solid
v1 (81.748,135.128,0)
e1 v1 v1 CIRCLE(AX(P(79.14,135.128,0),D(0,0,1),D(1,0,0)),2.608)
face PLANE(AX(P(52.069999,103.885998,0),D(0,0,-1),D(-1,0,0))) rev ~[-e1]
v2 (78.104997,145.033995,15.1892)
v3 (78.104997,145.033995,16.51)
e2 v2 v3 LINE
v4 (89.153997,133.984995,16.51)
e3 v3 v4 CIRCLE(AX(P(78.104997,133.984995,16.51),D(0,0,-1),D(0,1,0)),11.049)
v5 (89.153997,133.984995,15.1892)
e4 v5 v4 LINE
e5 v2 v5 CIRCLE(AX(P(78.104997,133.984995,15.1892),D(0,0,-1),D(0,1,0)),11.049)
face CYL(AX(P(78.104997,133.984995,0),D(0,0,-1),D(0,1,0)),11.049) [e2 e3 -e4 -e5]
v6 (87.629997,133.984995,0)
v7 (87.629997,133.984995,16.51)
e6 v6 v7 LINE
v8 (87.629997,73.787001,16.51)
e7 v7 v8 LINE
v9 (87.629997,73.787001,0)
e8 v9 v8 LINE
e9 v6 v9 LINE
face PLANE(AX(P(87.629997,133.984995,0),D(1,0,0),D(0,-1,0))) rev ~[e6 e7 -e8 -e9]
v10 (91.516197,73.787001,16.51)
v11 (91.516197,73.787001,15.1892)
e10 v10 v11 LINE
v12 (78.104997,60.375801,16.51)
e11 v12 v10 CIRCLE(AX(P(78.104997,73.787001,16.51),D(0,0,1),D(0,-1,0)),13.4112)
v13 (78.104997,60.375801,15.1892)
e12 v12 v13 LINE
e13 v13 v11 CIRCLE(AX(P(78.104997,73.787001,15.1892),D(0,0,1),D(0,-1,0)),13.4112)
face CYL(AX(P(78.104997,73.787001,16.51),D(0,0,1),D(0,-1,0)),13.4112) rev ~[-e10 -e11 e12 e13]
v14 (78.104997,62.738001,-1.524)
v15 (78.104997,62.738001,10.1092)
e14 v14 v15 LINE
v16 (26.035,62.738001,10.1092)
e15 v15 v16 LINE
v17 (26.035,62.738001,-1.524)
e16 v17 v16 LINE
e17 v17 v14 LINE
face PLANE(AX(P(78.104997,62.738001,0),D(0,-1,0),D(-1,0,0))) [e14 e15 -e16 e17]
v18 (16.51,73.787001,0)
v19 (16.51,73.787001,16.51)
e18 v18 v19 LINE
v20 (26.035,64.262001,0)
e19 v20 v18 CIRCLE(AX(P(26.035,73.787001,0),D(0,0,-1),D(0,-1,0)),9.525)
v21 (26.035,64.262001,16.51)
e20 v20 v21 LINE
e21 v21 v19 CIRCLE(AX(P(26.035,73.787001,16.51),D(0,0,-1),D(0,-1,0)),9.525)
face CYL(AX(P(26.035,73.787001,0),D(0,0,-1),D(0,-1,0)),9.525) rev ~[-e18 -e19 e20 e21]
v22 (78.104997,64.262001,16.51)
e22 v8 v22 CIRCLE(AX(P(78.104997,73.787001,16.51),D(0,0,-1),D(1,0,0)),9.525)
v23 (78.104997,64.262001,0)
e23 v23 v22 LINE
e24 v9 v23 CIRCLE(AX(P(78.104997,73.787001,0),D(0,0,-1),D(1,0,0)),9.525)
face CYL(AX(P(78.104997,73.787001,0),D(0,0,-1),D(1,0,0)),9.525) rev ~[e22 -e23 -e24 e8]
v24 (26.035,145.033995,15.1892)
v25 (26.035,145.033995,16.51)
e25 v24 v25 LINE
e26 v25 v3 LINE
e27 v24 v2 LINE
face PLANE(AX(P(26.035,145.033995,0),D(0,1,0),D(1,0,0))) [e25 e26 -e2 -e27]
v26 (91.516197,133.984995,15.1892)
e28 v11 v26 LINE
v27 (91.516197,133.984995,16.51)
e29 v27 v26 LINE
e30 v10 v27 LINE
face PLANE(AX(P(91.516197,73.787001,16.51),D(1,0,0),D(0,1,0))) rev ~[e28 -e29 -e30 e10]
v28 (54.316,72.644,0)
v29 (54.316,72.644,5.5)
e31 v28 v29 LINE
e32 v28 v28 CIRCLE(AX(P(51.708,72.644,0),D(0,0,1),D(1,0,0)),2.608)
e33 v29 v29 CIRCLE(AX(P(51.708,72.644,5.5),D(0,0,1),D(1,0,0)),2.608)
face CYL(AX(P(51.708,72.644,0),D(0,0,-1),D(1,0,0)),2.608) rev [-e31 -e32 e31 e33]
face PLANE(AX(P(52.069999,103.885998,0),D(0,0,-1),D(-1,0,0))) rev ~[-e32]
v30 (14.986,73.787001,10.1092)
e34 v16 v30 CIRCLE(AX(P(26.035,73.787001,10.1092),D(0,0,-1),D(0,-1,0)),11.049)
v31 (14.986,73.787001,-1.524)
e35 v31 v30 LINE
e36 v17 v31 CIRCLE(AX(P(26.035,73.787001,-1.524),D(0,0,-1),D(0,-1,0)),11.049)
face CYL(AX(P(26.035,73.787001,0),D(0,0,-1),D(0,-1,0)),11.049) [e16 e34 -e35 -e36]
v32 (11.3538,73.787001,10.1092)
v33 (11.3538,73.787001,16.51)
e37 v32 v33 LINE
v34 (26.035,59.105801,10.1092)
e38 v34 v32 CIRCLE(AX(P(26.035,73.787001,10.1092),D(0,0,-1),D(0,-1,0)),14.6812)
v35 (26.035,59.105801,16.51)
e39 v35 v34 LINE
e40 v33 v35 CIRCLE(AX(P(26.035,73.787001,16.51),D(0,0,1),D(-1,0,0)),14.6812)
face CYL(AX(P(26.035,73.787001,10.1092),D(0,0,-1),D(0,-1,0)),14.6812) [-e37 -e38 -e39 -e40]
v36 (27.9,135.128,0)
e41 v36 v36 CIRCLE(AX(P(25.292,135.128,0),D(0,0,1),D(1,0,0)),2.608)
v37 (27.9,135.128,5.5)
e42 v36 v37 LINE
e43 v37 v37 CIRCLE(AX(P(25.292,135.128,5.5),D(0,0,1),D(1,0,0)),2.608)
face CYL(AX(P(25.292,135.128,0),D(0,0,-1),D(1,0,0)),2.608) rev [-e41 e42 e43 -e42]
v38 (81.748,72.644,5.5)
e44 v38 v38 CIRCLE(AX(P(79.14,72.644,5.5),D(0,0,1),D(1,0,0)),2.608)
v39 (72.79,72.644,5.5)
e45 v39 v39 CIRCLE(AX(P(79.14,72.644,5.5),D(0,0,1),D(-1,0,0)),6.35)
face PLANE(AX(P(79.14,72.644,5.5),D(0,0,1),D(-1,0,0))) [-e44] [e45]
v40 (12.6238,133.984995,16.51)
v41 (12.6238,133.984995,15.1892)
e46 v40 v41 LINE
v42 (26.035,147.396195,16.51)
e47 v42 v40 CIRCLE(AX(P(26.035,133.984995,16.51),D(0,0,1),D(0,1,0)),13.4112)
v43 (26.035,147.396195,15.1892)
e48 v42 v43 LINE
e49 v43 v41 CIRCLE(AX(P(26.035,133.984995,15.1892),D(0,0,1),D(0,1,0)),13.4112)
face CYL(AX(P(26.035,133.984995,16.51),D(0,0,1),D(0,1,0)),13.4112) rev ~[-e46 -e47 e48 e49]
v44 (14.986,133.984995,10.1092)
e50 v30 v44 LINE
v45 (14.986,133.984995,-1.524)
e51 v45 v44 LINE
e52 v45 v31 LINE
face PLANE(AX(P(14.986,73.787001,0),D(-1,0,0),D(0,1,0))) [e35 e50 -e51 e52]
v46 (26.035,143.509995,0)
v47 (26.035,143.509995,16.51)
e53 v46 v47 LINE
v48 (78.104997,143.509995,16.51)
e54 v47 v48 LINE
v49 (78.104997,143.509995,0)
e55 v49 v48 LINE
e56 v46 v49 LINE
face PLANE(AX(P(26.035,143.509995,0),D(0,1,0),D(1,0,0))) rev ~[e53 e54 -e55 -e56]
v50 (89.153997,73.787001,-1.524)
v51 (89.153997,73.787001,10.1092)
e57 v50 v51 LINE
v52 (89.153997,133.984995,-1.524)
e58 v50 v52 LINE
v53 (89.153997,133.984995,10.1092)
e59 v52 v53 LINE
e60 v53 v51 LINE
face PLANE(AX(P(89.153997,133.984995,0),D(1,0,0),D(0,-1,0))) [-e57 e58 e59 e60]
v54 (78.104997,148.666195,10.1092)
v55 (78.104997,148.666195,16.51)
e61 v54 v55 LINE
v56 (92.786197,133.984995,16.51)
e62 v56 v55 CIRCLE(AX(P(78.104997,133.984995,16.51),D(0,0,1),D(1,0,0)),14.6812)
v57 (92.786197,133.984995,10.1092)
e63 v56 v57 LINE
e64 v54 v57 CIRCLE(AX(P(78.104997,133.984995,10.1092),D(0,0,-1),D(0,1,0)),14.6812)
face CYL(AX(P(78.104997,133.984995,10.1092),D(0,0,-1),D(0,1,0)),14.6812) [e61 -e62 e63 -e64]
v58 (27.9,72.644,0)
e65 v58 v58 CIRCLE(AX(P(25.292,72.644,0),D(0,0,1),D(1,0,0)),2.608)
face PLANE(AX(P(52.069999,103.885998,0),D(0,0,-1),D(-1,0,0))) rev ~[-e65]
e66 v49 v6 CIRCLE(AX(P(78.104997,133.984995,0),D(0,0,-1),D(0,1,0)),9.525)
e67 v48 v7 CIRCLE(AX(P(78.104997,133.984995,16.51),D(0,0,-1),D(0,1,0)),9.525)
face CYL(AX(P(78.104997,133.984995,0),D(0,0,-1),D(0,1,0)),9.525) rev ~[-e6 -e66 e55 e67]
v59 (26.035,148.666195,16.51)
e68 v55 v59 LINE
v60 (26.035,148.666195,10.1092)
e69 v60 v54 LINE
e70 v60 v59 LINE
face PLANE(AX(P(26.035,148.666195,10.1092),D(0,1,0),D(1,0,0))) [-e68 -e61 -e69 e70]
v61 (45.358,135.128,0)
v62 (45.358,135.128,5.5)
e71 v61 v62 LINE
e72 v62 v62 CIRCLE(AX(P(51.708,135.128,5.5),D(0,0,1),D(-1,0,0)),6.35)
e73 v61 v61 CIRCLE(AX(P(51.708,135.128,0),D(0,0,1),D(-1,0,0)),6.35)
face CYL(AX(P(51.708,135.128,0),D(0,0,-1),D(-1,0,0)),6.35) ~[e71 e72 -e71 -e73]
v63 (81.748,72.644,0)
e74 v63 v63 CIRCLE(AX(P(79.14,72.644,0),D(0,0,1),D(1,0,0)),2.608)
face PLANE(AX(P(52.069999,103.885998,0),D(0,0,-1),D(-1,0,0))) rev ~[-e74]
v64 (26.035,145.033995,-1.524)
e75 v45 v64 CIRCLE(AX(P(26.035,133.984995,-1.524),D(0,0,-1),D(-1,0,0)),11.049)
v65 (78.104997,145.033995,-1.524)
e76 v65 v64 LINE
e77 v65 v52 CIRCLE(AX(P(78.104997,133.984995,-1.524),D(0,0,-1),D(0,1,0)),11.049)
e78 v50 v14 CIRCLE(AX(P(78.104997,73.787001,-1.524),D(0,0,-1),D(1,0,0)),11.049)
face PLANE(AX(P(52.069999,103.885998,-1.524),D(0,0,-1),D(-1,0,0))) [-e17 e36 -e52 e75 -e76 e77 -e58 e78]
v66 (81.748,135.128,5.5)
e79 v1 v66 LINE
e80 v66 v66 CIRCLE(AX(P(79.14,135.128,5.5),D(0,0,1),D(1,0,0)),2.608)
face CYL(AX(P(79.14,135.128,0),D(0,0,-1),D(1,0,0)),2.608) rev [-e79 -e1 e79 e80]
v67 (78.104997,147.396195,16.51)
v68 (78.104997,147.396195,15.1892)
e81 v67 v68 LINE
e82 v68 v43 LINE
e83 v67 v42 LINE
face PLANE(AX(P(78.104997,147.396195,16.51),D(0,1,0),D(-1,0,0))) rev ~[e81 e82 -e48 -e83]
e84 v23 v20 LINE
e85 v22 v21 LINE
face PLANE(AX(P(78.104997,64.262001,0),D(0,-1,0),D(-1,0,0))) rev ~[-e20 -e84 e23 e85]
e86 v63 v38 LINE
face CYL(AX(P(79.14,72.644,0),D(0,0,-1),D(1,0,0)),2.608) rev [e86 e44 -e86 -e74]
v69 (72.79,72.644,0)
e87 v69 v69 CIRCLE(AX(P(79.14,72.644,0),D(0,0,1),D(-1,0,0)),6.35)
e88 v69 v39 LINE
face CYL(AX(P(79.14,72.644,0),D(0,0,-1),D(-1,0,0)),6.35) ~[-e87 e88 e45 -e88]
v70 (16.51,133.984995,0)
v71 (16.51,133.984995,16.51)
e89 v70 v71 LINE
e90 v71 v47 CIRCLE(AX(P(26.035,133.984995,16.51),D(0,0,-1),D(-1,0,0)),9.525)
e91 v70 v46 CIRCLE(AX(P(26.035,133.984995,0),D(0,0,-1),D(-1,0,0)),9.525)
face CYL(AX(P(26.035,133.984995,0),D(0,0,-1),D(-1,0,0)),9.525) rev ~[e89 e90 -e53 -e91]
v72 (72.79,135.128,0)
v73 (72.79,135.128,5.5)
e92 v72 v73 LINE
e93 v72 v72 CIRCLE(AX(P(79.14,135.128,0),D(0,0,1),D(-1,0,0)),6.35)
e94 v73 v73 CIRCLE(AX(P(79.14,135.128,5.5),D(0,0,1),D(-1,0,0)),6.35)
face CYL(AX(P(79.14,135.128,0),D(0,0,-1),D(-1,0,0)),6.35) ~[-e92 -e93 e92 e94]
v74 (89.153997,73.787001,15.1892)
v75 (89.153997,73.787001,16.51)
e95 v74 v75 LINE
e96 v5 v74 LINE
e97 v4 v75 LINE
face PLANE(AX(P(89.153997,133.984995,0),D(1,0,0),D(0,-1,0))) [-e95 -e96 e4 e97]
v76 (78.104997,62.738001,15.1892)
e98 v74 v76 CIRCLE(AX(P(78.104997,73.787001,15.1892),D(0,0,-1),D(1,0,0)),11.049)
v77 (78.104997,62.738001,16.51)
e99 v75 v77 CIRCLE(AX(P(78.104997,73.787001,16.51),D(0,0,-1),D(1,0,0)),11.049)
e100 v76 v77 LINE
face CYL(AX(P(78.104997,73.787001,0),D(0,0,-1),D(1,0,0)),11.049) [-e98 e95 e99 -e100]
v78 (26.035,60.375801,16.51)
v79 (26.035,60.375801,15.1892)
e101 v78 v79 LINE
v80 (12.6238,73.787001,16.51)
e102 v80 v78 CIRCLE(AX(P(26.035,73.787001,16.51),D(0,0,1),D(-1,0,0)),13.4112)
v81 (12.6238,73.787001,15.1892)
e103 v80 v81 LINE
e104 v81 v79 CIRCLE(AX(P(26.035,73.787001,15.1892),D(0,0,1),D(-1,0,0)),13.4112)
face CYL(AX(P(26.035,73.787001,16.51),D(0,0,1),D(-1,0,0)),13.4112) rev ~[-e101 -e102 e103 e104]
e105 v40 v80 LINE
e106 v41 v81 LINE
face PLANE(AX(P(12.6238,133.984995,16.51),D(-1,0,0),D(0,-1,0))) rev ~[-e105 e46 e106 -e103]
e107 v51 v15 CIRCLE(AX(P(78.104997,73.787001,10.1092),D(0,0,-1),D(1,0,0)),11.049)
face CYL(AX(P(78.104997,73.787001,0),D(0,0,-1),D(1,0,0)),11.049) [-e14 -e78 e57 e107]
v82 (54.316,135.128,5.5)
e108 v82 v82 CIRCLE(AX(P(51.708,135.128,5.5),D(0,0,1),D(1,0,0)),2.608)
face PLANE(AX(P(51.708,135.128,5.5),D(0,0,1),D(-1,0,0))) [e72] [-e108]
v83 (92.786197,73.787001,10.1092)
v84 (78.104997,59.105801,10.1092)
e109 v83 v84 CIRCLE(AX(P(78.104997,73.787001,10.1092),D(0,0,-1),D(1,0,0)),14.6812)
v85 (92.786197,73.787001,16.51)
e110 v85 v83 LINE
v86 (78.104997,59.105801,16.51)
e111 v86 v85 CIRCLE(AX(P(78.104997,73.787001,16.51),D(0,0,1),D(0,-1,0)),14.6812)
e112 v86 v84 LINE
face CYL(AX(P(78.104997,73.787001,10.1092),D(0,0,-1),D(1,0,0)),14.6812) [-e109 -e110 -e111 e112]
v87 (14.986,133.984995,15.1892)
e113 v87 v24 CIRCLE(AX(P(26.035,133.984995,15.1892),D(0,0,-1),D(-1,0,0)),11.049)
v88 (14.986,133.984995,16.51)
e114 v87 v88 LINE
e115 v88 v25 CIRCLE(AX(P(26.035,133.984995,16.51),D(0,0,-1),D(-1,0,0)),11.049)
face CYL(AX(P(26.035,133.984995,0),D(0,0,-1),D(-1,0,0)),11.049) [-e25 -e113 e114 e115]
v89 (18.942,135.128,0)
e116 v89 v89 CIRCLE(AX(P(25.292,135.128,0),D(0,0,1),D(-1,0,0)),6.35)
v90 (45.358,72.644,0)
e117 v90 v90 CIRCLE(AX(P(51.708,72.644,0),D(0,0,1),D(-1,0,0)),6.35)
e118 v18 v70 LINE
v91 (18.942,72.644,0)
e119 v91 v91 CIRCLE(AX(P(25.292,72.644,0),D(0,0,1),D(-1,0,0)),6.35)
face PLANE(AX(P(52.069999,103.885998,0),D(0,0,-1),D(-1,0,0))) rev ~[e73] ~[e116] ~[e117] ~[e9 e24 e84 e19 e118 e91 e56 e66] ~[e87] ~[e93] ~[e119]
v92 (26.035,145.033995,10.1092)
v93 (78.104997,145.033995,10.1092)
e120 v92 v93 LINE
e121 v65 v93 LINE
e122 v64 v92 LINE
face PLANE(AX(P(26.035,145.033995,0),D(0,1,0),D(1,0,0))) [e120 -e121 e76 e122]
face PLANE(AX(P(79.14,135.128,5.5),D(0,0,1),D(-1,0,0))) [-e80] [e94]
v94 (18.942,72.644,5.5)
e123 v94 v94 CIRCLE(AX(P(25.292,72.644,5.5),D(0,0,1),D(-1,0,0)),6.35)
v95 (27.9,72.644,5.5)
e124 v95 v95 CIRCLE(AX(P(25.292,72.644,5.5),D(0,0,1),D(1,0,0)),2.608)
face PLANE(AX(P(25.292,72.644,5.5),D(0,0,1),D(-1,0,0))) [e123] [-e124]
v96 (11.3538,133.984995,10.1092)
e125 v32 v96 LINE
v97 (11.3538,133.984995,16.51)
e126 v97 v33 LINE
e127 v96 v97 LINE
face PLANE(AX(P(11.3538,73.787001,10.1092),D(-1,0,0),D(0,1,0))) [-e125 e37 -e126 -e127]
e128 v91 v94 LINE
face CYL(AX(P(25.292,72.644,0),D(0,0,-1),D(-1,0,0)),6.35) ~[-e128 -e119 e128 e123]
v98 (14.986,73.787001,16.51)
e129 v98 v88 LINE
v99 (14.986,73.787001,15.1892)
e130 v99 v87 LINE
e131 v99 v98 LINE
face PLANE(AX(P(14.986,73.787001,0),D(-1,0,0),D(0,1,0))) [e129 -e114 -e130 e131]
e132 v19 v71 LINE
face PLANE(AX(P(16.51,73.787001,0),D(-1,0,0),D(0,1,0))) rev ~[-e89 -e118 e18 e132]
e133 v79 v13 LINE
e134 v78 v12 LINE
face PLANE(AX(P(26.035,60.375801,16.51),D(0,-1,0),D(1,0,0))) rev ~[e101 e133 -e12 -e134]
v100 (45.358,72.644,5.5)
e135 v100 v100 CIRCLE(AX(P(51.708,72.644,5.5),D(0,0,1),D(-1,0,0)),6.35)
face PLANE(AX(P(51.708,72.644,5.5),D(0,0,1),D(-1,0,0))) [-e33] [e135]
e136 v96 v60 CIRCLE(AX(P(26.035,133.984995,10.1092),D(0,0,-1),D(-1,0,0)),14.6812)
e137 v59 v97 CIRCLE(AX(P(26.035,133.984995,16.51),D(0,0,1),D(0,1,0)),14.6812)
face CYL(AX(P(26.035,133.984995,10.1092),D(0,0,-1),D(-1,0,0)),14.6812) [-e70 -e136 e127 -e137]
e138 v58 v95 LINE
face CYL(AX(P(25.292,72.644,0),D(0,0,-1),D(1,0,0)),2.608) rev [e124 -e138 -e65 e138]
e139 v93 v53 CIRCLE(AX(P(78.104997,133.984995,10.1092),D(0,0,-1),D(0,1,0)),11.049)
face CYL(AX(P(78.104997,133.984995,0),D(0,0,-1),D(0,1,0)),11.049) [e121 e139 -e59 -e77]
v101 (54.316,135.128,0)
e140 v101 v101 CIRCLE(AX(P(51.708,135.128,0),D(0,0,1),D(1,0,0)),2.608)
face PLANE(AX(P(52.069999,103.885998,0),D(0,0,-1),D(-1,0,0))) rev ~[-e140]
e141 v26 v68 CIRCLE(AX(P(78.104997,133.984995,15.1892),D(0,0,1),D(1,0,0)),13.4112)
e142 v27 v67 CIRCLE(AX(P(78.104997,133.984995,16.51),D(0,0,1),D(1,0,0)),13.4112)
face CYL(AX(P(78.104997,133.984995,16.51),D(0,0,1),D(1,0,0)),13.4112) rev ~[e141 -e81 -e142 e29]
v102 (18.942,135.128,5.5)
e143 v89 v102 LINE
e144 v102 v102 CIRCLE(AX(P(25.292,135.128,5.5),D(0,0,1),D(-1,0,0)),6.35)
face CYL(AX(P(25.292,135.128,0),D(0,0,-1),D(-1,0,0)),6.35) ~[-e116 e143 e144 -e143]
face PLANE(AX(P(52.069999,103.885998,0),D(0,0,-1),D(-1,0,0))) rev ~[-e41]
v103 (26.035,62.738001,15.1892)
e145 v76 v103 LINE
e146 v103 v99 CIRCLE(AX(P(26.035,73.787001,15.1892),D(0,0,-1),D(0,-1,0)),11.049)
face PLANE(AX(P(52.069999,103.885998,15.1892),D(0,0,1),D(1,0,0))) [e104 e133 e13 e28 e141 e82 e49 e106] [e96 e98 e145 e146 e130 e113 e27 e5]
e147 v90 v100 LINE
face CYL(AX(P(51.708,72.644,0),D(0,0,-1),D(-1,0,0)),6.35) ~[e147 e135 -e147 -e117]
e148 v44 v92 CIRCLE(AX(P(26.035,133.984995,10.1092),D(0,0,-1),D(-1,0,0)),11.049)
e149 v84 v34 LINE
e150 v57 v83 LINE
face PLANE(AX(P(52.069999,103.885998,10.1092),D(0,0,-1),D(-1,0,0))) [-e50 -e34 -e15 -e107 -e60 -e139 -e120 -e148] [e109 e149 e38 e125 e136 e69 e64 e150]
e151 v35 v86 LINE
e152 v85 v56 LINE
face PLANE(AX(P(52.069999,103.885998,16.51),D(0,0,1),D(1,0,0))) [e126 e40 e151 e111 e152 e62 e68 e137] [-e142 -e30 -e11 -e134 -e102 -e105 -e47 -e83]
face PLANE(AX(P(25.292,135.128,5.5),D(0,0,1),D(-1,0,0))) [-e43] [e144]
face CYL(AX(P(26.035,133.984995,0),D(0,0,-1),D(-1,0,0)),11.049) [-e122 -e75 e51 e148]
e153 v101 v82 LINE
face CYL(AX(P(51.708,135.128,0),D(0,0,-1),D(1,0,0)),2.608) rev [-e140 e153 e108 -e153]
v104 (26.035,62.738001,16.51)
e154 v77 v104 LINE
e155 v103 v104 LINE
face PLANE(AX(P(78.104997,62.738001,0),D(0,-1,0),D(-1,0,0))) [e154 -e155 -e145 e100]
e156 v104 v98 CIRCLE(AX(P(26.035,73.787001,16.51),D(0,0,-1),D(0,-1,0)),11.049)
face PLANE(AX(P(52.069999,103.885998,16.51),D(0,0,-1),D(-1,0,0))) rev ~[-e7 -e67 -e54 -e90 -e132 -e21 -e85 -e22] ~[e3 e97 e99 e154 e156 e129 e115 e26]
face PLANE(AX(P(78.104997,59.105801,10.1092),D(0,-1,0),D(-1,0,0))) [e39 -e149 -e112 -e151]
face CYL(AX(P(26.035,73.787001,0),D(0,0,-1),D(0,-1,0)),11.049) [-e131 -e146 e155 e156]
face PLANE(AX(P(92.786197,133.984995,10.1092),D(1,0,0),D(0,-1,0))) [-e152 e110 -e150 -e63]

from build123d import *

# Parameters (mm, degrees)
BOSS_EXTRUDE1_DEPTH  = 16.51
SHELL1_T             = 1.524
SKETCH2_R            = 6.35
SKETCH2_R_2          = 2.608000118
BOSS_EXTRUDE2_DEPTH  = 5.5
BOSS_EXTRUDE9_DEPTH  = 1.3208
BOSS_EXTRUDE10_START = 5.08
BOSS_EXTRUDE10_DEPTH = 5.08


with BuildPart() as part:
    # Sketch1 → Boss-Extrude1 (new body)
    with BuildSketch(Plane.XY):
        with BuildLine():
            Line((26.034999985, 143.509994751), (78.104997498, 143.509994751))
            ThreePointArc((78.104997498, 143.509994751), (84.840189588, 140.720186842), (87.629997498, 133.984994751))
            Line((87.629997498, 133.984994751), (87.629997498, 73.787000793))
            ThreePointArc((87.629997498, 73.787000793), (84.840189588, 67.051808703), (78.104997498, 64.262000793))
            Line((78.104997498, 64.262000793), (26.034999985, 64.262000793))
            ThreePointArc((26.034999985, 64.262000793), (19.299807894, 67.051808703), (16.509999985, 73.787000793))
            Line((16.509999985, 73.787000793), (16.509999985, 133.984994751))
            ThreePointArc((16.509999985, 133.984994751), (19.299807894, 140.720186842), (26.034999985, 143.509994751))
        make_face()
    extrude(amount=BOSS_EXTRUDE1_DEPTH)

    # Shell1
    shell1_openings = [part.faces().sort_by_distance(p)[0] for p in [
        (52.069998741, 103.885997772, 16.51),
    ]]
    offset(amount=SHELL1_T, openings=shell1_openings, kind=Kind.INTERSECTION)

    # Sketch2 → Boss-Extrude2 (add)
    # profile 1 of 6: a face of its own
    with BuildSketch(Plane.XY):
        with Locations(Location((25.292, 135.128, 0), (0, 0, 180))):
            Circle(SKETCH2_R)
        with Locations((25.292, 135.128)):
            Circle(SKETCH2_R_2, mode=Mode.SUBTRACT)
    # profile 2 of 6: a face of its own
    with BuildSketch(Plane.XY):
        with Locations(Location((51.708, 135.128, 0), (0, 0, 180))):
            Circle(SKETCH2_R)
        with Locations((51.708, 135.128)):
            Circle(SKETCH2_R_2, mode=Mode.SUBTRACT)
    # profile 3 of 6: a face of its own
    with BuildSketch(Plane.XY):
        with Locations(Location((79.14, 135.128, 0), (0, 0, 180))):
            Circle(SKETCH2_R)
        with Locations((79.14, 135.128)):
            Circle(SKETCH2_R_2, mode=Mode.SUBTRACT)
    # profile 4 of 6: a face of its own
    with BuildSketch(Plane.XY):
        with Locations(Location((25.292, 72.644, 0), (0, 0, 180))):
            Circle(SKETCH2_R)
        with Locations((25.292, 72.644)):
            Circle(SKETCH2_R_2, mode=Mode.SUBTRACT)
    # profile 5 of 6: a face of its own
    with BuildSketch(Plane.XY):
        with Locations(Location((51.708, 72.644, 0), (0, 0, 180))):
            Circle(SKETCH2_R)
        with Locations((51.708, 72.644)):
            Circle(SKETCH2_R_2, mode=Mode.SUBTRACT)
    # profile 6 of 6: a face of its own
    with BuildSketch(Plane.XY):
        with Locations(Location((79.14, 72.644, 0), (0, 0, 180))):
            Circle(SKETCH2_R)
        with Locations((79.14, 72.644)):
            Circle(SKETCH2_R_2, mode=Mode.SUBTRACT)
    extrude(amount=BOSS_EXTRUDE2_DEPTH)



with BuildPart() as body_2:
    # Sketch7 → Boss-Extrude9 (new body)
    with BuildSketch(Plane.XY.offset(16.51)):
        with BuildLine():
            Line((92.786197498, 73.787000793), (92.786197498, 133.984994751))
            ThreePointArc((92.786197498, 133.984994751), (88.486173574, 144.366170827), (78.104997498, 148.666194751))
            Line((78.104997498, 148.666194751), (26.034999985, 148.666194751))
            ThreePointArc((26.034999985, 148.666194751), (15.653823909, 144.366170827), (11.353799985, 133.984994751))
            Line((11.353799985, 133.984994751), (11.353799985, 73.787000793))
            ThreePointArc((11.353799985, 73.787000793), (15.653823909, 63.405824718), (26.034999985, 59.105800793))
            Line((26.034999985, 59.105800793), (78.104997498, 59.105800793))
            ThreePointArc((78.104997498, 59.105800793), (88.486173574, 63.405824718), (92.786197498, 73.787000793))
        make_face()
        with BuildLine():
            ThreePointArc((26.034999985, 147.396194751), (16.551849521, 143.468145215), (12.623799985, 133.984994751))
            Line((12.623799985, 133.984994751), (12.623799985, 73.787000793))
            ThreePointArc((12.623799985, 73.787000793), (16.551849521, 64.30385033), (26.034999985, 60.375800793))
            Line((26.034999985, 60.375800793), (78.104997498, 60.375800793))
            ThreePointArc((78.104997498, 60.375800793), (87.588147961, 64.30385033), (91.516197498, 73.787000793))
            Line((91.516197498, 73.787000793), (91.516197498, 133.984994751))
            ThreePointArc((91.516197498, 133.984994751), (87.588147961, 143.468145215), (78.104997498, 147.396194751))
            Line((78.104997498, 147.396194751), (26.034999985, 147.396194751))
        make_face(mode=Mode.SUBTRACT)
    extrude(amount=-BOSS_EXTRUDE9_DEPTH)


with BuildPart() as part_1:
    add(part.part)

    add(body_2.part)  # Boss-Extrude10 merges body 2
    # Sketch8 → Boss-Extrude10 (add)
    # profile 1 of 2: a face of its own
    with BuildSketch(Plane(origin=(0, 0, 15.1892), x_dir=(-1, 0, 0), z_dir=(0, 0, -1)).offset(BOSS_EXTRUDE10_START)):
        with BuildLine():
            ThreePointArc((-78.104997498, 148.666194751), (-88.486173574, 144.366170827), (-92.786197498, 133.984994751))
            Line((-92.786197498, 133.984994751), (-92.786197498, 73.787000793))
            ThreePointArc((-92.786197498, 73.787000793), (-88.486173574, 63.405824718), (-78.104997498, 59.105800793))
            Line((-78.104997498, 59.105800793), (-26.034999985, 59.105800793))
            ThreePointArc((-26.034999985, 59.105800793), (-15.653823909, 63.405824718), (-11.353799985, 73.787000793))
            Line((-11.353799985, 73.787000793), (-11.353799985, 133.984994751))
            ThreePointArc((-11.353799985, 133.984994751), (-15.653823909, 144.366170827), (-26.034999985, 148.666194751))
            Line((-26.034999985, 148.666194751), (-78.104997498, 148.666194751))
        make_face()
        with BuildLine():
            Line((-78.104997498, 147.396194751), (-26.034999985, 147.396194751))
            ThreePointArc((-26.034999985, 147.396194751), (-16.551849521, 143.468145215), (-12.623799985, 133.984994751))
            Line((-12.623799985, 133.984994751), (-12.623799985, 73.787000793))
            ThreePointArc((-12.623799985, 73.787000793), (-16.551849521, 64.30385033), (-26.034999985, 60.375800793))
            Line((-26.034999985, 60.375800793), (-78.104997498, 60.375800793))
            ThreePointArc((-78.104997498, 60.375800793), (-87.588147961, 64.30385033), (-91.516197498, 73.787000793))
            Line((-91.516197498, 73.787000793), (-91.516197498, 133.984994751))
            ThreePointArc((-91.516197498, 133.984994751), (-87.588147961, 143.468145215), (-78.104997498, 147.396194751))
        make_face(mode=Mode.SUBTRACT)
    # profile 2 of 2: a face of its own
    with BuildSketch(Plane(origin=(0, 0, 15.1892), x_dir=(-1, 0, 0), z_dir=(0, 0, -1)).offset(BOSS_EXTRUDE10_START)):
        with BuildLine():
            ThreePointArc((-26.034999985, 147.396194751), (-16.551849521, 143.468145215), (-12.623799985, 133.984994751))
            Line((-12.623799985, 133.984994751), (-12.623799985, 73.787000793))
            ThreePointArc((-12.623799985, 73.787000793), (-16.551849521, 64.30385033), (-26.034999985, 60.375800793))
            Line((-26.034999985, 60.375800793), (-78.104997498, 60.375800793))
            ThreePointArc((-78.104997498, 60.375800793), (-87.588147961, 64.30385033), (-91.516197498, 73.787000793))
            Line((-91.516197498, 73.787000793), (-91.516197498, 133.984994751))
            ThreePointArc((-91.516197498, 133.984994751), (-87.588147961, 143.468145215), (-78.104997498, 147.396194751))
            Line((-78.104997498, 147.396194751), (-26.034999985, 147.396194751))
        make_face()
        with BuildLine():
            ThreePointArc((-26.034999985, 62.738000793), (-18.222177159, 65.974177968), (-14.985999985, 73.787000793))
            Line((-14.985999985, 73.787000793), (-14.985999985, 133.984994751))
            ThreePointArc((-14.985999985, 133.984994751), (-18.222177159, 141.797817576), (-26.034999985, 145.033994751))
            Line((-26.034999985, 145.033994751), (-78.104997498, 145.033994751))
            ThreePointArc((-78.104997498, 145.033994751), (-85.917820323, 141.797817576), (-89.153997498, 133.984994751))
            Line((-89.153997498, 133.984994751), (-89.153997498, 73.787000793))
            ThreePointArc((-89.153997498, 73.787000793), (-85.917820323, 65.974177968), (-78.104997498, 62.738000793))
            Line((-78.104997498, 62.738000793), (-26.034999985, 62.738000793))
        make_face(mode=Mode.SUBTRACT)
    extrude(amount=-BOSS_EXTRUDE10_DEPTH)


solid = part_1.part
